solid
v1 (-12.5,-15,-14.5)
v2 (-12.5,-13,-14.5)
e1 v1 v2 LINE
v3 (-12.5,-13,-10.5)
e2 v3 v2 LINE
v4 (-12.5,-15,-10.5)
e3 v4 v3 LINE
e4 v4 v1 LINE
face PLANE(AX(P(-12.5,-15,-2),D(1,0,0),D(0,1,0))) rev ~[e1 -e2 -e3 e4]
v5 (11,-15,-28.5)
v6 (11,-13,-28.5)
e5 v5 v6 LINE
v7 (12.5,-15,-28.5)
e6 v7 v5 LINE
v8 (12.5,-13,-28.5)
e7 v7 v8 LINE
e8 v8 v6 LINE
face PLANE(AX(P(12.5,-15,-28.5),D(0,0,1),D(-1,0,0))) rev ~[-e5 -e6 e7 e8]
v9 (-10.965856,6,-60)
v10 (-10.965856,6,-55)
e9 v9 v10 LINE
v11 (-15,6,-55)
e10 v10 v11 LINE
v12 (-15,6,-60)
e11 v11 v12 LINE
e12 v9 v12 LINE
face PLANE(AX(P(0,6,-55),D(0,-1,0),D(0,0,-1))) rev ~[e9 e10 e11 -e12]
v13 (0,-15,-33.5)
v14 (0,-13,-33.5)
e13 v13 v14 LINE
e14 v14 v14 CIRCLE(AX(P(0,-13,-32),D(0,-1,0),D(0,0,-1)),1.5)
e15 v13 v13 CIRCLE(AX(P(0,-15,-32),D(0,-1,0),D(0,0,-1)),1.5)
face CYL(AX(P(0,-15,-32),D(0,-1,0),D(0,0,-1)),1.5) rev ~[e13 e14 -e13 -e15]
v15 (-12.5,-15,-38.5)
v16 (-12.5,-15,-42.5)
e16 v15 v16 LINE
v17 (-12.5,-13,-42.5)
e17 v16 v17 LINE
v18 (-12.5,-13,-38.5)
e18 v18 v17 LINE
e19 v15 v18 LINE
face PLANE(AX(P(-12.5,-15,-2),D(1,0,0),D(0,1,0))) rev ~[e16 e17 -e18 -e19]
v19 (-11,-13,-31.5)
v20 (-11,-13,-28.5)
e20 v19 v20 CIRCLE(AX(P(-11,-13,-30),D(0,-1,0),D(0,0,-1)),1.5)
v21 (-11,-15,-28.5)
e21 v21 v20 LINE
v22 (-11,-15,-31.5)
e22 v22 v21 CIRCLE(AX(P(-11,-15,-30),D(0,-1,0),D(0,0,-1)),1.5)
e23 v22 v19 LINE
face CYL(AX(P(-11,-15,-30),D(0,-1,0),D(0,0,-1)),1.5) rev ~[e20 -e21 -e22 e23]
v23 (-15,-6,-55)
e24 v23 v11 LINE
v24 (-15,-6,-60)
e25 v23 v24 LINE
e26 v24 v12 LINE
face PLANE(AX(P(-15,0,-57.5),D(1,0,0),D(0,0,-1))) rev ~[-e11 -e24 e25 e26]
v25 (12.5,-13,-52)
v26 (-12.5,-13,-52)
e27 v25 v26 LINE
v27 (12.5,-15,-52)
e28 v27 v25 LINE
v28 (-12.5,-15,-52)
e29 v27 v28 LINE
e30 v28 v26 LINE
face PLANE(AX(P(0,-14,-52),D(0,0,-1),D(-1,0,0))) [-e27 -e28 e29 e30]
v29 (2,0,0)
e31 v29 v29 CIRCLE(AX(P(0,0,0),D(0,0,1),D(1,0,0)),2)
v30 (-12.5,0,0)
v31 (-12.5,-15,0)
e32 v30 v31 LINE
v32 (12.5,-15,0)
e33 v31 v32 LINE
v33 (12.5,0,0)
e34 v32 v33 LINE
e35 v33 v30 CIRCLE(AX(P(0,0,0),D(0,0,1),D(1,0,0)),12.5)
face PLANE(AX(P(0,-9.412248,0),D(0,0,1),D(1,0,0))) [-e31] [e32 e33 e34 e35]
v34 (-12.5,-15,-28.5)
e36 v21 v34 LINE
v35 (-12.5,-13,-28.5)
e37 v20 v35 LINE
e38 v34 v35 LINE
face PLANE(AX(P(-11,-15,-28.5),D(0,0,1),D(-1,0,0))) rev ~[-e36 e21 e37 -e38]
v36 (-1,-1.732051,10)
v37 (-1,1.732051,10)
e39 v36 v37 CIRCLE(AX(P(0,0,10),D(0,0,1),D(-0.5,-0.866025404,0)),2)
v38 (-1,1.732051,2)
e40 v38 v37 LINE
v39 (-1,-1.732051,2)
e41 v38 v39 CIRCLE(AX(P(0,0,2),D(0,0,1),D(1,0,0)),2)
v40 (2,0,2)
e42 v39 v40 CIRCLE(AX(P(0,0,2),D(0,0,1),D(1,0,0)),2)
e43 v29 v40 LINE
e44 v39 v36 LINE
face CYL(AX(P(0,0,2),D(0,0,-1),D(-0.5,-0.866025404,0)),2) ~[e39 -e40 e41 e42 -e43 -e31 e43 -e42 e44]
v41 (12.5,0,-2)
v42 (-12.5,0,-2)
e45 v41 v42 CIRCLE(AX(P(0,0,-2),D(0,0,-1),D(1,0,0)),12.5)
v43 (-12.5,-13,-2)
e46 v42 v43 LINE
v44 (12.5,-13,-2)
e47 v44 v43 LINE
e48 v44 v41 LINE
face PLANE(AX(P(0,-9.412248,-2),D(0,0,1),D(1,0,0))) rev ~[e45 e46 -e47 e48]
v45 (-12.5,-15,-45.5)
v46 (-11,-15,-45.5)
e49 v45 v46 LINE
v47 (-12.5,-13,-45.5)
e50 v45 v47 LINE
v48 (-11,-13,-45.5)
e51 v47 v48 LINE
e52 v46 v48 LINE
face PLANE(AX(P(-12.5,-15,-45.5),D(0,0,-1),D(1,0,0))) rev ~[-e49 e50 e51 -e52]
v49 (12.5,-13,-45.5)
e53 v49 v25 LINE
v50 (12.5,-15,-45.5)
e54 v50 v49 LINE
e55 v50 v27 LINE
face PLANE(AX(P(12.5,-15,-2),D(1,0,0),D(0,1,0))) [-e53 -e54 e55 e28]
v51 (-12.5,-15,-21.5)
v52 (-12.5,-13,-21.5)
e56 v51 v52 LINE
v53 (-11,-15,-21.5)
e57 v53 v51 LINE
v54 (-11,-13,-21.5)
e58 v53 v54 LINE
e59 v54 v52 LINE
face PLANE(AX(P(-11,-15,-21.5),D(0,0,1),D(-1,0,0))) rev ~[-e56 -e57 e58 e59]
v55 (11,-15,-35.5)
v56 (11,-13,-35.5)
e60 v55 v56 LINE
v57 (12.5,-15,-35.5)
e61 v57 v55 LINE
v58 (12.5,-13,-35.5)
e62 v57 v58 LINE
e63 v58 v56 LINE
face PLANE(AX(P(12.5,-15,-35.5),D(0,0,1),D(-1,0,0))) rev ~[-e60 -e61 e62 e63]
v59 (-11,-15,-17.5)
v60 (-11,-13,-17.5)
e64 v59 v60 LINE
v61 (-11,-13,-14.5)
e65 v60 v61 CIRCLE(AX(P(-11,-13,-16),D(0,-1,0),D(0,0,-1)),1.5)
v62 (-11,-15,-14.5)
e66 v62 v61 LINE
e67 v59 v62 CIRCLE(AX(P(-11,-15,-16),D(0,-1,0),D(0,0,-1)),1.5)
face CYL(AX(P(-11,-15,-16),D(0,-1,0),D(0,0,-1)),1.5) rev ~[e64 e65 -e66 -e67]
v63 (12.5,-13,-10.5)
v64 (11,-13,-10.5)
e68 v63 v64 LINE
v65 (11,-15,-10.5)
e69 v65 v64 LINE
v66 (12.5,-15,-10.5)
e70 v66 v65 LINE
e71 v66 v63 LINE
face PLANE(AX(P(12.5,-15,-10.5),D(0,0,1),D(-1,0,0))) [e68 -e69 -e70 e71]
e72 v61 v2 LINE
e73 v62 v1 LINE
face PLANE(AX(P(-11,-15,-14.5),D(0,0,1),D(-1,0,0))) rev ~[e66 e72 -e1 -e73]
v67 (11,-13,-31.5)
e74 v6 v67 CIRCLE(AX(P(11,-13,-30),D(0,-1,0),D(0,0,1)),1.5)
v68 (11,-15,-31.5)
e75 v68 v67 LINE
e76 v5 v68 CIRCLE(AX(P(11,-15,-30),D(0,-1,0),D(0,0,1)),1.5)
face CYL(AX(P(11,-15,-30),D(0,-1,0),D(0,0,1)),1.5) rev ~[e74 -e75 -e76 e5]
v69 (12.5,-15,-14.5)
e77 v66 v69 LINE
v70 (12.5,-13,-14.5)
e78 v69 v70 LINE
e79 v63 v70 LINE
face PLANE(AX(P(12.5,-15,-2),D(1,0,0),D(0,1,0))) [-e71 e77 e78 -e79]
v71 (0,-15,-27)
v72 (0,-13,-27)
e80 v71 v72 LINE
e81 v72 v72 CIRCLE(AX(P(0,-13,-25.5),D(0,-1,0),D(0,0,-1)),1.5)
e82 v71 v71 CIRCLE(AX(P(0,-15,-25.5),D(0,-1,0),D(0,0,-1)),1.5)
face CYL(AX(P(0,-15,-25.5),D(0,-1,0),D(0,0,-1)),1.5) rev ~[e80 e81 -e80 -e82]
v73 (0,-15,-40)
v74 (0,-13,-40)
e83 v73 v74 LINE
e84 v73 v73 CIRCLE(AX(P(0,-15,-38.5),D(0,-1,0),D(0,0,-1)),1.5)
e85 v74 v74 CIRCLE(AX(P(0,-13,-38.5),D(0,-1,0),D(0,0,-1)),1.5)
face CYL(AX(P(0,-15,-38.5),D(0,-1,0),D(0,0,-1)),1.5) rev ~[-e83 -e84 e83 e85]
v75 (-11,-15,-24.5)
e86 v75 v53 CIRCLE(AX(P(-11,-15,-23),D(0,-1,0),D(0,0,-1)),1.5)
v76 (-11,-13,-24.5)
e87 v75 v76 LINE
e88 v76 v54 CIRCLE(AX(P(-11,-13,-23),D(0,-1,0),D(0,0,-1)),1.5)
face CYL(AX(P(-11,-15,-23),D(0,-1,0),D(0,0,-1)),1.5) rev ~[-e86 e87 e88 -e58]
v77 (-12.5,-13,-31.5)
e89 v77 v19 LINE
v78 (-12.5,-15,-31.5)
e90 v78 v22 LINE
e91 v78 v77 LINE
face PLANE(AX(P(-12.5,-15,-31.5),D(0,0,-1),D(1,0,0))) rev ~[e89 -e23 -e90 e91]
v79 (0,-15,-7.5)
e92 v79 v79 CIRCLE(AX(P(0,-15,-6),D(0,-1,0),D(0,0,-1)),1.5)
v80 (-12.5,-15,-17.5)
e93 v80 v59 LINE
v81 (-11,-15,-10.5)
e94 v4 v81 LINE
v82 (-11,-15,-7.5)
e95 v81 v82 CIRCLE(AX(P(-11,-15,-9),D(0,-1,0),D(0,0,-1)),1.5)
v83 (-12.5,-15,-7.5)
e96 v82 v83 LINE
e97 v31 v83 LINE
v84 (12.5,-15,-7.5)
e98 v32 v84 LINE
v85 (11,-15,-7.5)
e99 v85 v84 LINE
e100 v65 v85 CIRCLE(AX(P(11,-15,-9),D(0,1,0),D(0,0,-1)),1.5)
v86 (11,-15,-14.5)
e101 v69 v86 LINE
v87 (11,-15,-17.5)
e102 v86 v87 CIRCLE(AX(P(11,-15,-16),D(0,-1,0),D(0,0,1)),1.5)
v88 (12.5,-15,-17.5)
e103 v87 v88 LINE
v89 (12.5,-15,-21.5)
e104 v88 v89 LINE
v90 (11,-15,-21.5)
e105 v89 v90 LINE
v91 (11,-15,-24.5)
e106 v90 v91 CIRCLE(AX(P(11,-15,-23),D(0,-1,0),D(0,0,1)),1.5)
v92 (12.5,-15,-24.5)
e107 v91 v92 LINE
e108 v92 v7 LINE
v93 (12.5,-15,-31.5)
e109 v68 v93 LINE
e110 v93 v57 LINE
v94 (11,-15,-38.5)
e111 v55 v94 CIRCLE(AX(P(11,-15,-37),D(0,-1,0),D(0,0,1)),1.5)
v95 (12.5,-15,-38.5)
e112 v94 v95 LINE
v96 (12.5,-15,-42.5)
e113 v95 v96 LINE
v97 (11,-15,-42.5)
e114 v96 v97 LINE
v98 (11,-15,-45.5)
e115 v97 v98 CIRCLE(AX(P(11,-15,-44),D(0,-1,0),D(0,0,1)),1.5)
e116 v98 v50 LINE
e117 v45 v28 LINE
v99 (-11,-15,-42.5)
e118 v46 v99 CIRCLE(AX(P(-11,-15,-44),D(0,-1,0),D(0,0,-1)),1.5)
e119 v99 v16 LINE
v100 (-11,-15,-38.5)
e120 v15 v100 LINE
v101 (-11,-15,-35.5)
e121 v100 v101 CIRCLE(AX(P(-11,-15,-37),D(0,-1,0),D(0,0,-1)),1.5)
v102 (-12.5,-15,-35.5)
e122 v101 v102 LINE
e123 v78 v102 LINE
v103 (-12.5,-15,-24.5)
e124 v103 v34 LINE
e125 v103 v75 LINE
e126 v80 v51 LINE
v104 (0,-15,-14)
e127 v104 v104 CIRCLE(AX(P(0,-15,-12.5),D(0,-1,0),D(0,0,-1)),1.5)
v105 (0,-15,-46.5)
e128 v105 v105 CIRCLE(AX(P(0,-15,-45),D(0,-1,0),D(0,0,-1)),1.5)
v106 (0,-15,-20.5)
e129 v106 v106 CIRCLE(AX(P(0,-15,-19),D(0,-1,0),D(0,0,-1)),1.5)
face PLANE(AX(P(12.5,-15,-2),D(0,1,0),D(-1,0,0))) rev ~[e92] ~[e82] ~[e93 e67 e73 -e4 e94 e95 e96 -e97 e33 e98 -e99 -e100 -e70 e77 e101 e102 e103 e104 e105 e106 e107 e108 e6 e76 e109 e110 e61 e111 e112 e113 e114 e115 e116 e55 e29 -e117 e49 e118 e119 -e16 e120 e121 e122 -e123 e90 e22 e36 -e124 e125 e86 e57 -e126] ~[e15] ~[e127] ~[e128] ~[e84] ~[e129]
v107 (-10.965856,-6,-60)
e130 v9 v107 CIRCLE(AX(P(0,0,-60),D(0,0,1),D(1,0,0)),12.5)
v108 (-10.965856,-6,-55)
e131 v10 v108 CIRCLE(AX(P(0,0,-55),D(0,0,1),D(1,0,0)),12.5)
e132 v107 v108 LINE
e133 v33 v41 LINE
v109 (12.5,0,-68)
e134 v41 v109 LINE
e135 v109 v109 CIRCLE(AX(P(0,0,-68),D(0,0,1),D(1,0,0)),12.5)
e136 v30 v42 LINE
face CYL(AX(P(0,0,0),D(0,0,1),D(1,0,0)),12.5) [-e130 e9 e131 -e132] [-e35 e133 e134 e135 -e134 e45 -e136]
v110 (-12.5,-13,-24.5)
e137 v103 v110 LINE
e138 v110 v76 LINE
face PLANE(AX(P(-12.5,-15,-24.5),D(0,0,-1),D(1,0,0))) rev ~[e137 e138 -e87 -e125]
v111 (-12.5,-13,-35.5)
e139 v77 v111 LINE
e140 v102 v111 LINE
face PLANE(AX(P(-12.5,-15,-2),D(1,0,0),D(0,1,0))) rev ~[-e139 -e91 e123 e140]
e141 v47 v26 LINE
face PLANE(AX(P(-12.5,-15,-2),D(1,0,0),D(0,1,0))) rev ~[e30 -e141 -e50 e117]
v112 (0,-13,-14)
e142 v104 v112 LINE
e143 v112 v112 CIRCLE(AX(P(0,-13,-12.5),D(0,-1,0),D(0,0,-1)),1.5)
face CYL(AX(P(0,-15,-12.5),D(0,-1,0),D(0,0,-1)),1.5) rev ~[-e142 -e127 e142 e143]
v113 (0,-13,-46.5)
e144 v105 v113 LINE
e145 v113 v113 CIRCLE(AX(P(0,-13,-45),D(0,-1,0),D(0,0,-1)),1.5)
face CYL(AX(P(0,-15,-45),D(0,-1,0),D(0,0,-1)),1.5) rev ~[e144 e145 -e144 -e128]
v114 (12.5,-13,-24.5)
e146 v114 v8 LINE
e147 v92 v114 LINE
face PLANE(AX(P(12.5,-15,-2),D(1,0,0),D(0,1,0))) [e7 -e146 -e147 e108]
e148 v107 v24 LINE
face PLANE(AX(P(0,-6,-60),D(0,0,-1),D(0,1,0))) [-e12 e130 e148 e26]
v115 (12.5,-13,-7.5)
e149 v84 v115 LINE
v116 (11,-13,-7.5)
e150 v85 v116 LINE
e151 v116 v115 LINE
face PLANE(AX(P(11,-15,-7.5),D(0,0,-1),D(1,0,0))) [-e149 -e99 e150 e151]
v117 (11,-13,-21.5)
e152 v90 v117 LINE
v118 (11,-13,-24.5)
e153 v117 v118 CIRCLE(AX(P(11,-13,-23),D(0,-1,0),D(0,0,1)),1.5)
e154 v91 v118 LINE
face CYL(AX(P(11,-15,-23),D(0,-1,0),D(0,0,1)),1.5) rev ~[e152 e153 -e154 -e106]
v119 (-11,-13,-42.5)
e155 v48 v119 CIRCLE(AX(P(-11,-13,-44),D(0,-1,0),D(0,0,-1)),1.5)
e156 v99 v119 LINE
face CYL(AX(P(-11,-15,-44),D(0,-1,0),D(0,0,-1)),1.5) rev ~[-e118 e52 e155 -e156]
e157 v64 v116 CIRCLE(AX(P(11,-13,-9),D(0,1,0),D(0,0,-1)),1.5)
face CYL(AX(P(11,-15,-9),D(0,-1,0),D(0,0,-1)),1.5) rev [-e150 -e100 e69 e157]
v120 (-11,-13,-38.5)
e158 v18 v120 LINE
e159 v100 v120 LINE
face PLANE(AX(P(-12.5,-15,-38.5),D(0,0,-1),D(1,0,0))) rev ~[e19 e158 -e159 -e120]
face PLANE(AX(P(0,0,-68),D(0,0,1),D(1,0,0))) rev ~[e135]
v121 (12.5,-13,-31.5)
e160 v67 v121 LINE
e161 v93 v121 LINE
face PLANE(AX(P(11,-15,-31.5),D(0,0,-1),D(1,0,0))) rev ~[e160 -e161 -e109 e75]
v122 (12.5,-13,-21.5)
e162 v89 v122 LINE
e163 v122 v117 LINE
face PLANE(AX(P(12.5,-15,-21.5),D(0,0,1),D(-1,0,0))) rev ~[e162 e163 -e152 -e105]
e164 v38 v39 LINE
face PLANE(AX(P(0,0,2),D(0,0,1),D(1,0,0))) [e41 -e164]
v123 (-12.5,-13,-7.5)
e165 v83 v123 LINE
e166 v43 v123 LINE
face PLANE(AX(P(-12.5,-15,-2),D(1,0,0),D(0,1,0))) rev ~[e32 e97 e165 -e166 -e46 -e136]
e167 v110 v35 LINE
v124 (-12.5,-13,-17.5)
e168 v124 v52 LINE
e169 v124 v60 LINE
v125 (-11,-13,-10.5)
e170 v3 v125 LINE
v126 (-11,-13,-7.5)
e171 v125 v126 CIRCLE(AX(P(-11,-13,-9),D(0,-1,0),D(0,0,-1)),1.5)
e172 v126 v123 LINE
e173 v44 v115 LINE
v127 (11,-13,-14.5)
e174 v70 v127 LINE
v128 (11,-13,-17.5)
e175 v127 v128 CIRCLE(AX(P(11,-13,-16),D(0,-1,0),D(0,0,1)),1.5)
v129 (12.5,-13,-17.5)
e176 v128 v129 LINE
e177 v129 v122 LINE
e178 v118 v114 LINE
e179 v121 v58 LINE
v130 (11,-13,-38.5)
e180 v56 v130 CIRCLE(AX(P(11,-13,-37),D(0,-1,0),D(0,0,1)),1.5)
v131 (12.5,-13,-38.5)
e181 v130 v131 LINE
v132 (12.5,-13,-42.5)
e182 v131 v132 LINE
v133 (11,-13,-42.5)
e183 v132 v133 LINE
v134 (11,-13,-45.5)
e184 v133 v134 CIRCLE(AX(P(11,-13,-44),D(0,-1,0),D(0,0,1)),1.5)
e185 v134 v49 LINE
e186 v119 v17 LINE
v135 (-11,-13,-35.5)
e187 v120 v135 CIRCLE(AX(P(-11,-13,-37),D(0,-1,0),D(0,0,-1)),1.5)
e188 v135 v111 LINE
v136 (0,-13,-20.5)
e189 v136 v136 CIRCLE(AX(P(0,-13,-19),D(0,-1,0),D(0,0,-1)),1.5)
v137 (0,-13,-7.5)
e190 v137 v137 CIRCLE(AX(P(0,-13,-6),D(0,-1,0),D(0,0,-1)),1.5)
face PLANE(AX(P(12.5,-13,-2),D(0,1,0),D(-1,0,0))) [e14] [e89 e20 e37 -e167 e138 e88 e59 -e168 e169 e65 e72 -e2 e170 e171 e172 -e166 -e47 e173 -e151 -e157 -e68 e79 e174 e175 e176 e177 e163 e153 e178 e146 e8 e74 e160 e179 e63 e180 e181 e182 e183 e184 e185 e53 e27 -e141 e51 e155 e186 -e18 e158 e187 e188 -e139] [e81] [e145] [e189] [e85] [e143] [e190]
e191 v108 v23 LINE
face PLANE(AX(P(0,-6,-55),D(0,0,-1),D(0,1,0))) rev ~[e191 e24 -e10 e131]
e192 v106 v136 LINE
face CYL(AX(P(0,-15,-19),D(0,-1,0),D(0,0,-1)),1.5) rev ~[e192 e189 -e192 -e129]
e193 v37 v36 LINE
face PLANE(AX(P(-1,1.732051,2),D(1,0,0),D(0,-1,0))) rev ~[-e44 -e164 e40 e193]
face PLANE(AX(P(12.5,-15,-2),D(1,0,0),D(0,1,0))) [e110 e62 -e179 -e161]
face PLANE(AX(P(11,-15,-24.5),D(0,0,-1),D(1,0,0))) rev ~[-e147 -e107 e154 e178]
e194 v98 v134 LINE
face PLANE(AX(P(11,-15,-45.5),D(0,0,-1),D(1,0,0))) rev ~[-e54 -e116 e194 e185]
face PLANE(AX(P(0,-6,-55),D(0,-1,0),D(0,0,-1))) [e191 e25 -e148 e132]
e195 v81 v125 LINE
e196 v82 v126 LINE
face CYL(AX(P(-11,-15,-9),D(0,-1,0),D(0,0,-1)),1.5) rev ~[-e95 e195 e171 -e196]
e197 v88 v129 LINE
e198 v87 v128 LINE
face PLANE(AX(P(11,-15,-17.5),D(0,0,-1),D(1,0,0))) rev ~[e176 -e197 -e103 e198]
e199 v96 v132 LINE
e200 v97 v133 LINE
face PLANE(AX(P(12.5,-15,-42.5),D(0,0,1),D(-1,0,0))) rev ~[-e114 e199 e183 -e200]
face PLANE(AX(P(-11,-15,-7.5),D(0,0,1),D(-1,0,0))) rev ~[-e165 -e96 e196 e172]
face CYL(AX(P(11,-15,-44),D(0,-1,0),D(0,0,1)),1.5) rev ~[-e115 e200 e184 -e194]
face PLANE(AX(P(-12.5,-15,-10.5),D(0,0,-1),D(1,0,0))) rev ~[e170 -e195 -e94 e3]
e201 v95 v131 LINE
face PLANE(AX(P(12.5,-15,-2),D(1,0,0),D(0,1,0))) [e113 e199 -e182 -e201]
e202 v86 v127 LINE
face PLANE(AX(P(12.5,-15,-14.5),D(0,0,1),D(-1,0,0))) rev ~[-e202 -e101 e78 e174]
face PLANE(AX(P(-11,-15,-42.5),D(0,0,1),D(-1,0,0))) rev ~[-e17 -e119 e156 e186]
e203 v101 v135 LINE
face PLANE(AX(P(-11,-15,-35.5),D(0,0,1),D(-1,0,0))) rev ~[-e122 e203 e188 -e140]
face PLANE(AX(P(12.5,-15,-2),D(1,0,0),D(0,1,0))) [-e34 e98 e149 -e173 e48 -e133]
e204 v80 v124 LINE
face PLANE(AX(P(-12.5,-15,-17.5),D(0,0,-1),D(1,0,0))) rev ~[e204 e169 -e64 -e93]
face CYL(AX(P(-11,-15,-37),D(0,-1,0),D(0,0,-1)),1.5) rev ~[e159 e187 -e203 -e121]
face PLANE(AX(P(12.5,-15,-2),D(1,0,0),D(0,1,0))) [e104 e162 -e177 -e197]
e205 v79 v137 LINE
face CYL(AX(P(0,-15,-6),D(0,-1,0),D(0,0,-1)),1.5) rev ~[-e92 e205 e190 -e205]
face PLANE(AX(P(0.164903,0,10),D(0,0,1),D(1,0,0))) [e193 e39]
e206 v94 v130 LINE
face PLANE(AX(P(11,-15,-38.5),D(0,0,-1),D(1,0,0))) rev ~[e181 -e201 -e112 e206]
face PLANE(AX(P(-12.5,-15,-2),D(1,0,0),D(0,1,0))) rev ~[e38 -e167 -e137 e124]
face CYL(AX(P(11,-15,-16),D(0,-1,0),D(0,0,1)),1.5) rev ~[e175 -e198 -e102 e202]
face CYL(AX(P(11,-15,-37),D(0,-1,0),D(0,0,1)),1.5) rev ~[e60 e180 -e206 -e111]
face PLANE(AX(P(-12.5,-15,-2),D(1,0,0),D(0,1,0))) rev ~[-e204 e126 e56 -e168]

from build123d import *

# Parameters (mm, degrees)
SKETCH1_R           = 12.5
BOSS_EXTRUDE1_DEPTH = 68
SKETCH3_R           = 2
BOSS_EXTRUDE3_DEPTH = 2
BOSS_EXTRUDE2_DEPTH = 8
BOSS_EXTRUDE4_DEPTH = 2
SKETCH5_W           = 25
SKETCH5_H           = 2
BOSS_EXTRUDE5_DEPTH = 50
SKETCH6_R           = 1.5
CUT_EXTRUDE1_DEPTH  = 2
SKETCH7_W           = 5
SKETCH7_H           = 12
BOSS_EXTRUDE6_DEPTH = 15


with BuildPart() as part:
    # Sketch1 → Boss-Extrude1 (new body)
    with BuildSketch(Plane.XY):
        Circle(SKETCH1_R)
    extrude(amount=-BOSS_EXTRUDE1_DEPTH)

    # Sketch3 → Boss-Extrude3 (add)
    with BuildSketch(Plane.XY):
        Circle(SKETCH3_R)
    extrude(amount=BOSS_EXTRUDE3_DEPTH)

    # Sketch2 → Boss-Extrude2 (add)
    with BuildSketch(Plane.XY.offset(2)):
        with BuildLine():
            Line((-1, 1.732050808), (-1, -1.732050808))
            ThreePointArc((-1, -1.732050808), (2, 0), (-1, 1.732050808))
        make_face()
    extrude(amount=BOSS_EXTRUDE2_DEPTH)

    # Sketch4 → Boss-Extrude4 (add)
    with BuildSketch(Plane.XY):
        with BuildLine():
            Line((-12.5, 0), (-12.5, -15))
            Line((-12.5, -15), (12.5, -15))
            Line((12.5, -15), (12.5, 0))
            ThreePointArc((12.5, 0), (0, -12.5), (-12.5, 0))
        make_face()
    extrude(amount=-BOSS_EXTRUDE4_DEPTH)

    # Sketch5 → Boss-Extrude5 (add)
    with BuildSketch(Plane(origin=(0, 0, -2), x_dir=(-1, 0, 0), z_dir=(0, 0, -1))):
        with Locations((0, -14)):
            Rectangle(SKETCH5_W, SKETCH5_H)
    extrude(amount=BOSS_EXTRUDE5_DEPTH)

    # Sketch6 → Cut-Extrude1 (cut)
    with BuildSketch(Plane.XZ.offset(15)):
        with Locations(Location((0, -6, 0), (0, 0, 270))):
            Circle(SKETCH6_R)
        with Locations(Location((0, -12.5, 0), (0, 0, 270))):
            Circle(SKETCH6_R)
        with Locations(Location((0, -19, 0), (0, 0, 270))):
            Circle(SKETCH6_R)
        with Locations(Location((0, -25.5, 0), (0, 0, 270))):
            Circle(SKETCH6_R)
        with Locations(Location((0, -32, 0), (0, 0, 270))):
            Circle(SKETCH6_R)
        with Locations(Location((0, -38.5, 0), (0, 0, 270))):
            Circle(SKETCH6_R)
        with Locations(Location((0, -45, 0), (0, 0, 270))):
            Circle(SKETCH6_R)
        with BuildLine():
            Line((-11, -7.5), (-12.5, -7.5))
            Line((-12.5, -7.5), (-12.5, -10.5))
            Line((-12.5, -10.5), (-11, -10.5))
            ThreePointArc((-11, -10.5), (-9.5, -9), (-11, -7.5))
        make_face()
        with BuildLine():
            Line((-11, -14.5), (-12.5, -14.5))
            Line((-12.5, -14.5), (-12.5, -17.5))
            Line((-12.5, -17.5), (-11, -17.5))
            ThreePointArc((-11, -17.5), (-9.5, -16), (-11, -14.5))
        make_face()
        with BuildLine():
            Line((-11, -21.5), (-12.5, -21.5))
            Line((-12.5, -21.5), (-12.5, -24.5))
            Line((-12.5, -24.5), (-11, -24.5))
            ThreePointArc((-11, -24.5), (-9.5, -23), (-11, -21.5))
        make_face()
        with BuildLine():
            Line((-11, -28.5), (-12.5, -28.5))
            Line((-12.5, -28.5), (-12.5, -31.5))
            Line((-12.5, -31.5), (-11, -31.5))
            ThreePointArc((-11, -31.5), (-9.5, -30), (-11, -28.5))
        make_face()
        with BuildLine():
            Line((-11, -35.5), (-12.5, -35.5))
            Line((-12.5, -35.5), (-12.5, -38.5))
            Line((-12.5, -38.5), (-11, -38.5))
            ThreePointArc((-11, -38.5), (-9.5, -37), (-11, -35.5))
        make_face()
        with BuildLine():
            Line((-11, -42.5), (-12.5, -42.5))
            Line((-12.5, -42.5), (-12.5, -45.5))
            Line((-12.5, -45.5), (-11, -45.5))
            ThreePointArc((-11, -45.5), (-9.5, -44), (-11, -42.5))
        make_face()
        with BuildLine():
            Line((11, -45.5), (12.5, -45.5))
            Line((12.5, -45.5), (12.5, -42.5))
            Line((12.5, -42.5), (11, -42.5))
            ThreePointArc((11, -42.5), (9.5, -44), (11, -45.5))
        make_face()
        with BuildLine():
            Line((11, -38.5), (12.5, -38.5))
            Line((12.5, -38.5), (12.5, -35.5))
            Line((12.5, -35.5), (11, -35.5))
            ThreePointArc((11, -35.5), (9.5, -37), (11, -38.5))
        make_face()
        with BuildLine():
            Line((11, -31.5), (12.5, -31.5))
            Line((12.5, -31.5), (12.5, -28.5))
            Line((12.5, -28.5), (11, -28.5))
            ThreePointArc((11, -28.5), (9.5, -30), (11, -31.5))
        make_face()
        with BuildLine():
            Line((11, -24.5), (12.5, -24.5))
            Line((12.5, -24.5), (12.5, -21.5))
            Line((12.5, -21.5), (11, -21.5))
            ThreePointArc((11, -21.5), (9.5, -23), (11, -24.5))
        make_face()
        with BuildLine():
            Line((11, -17.5), (12.5, -17.5))
            Line((12.5, -17.5), (12.5, -14.5))
            Line((12.5, -14.5), (11, -14.5))
            ThreePointArc((11, -14.5), (9.5, -16), (11, -17.5))
        make_face()
        with BuildLine():
            Line((11, -7.5), (12.5, -7.5))
            Line((12.5, -7.5), (12.5, -10.5))
            Line((12.5, -10.5), (11, -10.5))
            ThreePointArc((11, -10.5), (9.5, -9), (11, -7.5))
        make_face()
    extrude(amount=-CUT_EXTRUDE1_DEPTH, mode=Mode.SUBTRACT)

    # Sketch7 → Boss-Extrude6 (add)
    with BuildSketch(Plane(origin=(0, 0, 0), x_dir=(0, 0, -1), z_dir=(1, 0, 0))):
        with Locations((57.5, 0)):
            Rectangle(SKETCH7_W, SKETCH7_H)
    extrude(amount=-BOSS_EXTRUDE6_DEPTH)


solid = part.part
